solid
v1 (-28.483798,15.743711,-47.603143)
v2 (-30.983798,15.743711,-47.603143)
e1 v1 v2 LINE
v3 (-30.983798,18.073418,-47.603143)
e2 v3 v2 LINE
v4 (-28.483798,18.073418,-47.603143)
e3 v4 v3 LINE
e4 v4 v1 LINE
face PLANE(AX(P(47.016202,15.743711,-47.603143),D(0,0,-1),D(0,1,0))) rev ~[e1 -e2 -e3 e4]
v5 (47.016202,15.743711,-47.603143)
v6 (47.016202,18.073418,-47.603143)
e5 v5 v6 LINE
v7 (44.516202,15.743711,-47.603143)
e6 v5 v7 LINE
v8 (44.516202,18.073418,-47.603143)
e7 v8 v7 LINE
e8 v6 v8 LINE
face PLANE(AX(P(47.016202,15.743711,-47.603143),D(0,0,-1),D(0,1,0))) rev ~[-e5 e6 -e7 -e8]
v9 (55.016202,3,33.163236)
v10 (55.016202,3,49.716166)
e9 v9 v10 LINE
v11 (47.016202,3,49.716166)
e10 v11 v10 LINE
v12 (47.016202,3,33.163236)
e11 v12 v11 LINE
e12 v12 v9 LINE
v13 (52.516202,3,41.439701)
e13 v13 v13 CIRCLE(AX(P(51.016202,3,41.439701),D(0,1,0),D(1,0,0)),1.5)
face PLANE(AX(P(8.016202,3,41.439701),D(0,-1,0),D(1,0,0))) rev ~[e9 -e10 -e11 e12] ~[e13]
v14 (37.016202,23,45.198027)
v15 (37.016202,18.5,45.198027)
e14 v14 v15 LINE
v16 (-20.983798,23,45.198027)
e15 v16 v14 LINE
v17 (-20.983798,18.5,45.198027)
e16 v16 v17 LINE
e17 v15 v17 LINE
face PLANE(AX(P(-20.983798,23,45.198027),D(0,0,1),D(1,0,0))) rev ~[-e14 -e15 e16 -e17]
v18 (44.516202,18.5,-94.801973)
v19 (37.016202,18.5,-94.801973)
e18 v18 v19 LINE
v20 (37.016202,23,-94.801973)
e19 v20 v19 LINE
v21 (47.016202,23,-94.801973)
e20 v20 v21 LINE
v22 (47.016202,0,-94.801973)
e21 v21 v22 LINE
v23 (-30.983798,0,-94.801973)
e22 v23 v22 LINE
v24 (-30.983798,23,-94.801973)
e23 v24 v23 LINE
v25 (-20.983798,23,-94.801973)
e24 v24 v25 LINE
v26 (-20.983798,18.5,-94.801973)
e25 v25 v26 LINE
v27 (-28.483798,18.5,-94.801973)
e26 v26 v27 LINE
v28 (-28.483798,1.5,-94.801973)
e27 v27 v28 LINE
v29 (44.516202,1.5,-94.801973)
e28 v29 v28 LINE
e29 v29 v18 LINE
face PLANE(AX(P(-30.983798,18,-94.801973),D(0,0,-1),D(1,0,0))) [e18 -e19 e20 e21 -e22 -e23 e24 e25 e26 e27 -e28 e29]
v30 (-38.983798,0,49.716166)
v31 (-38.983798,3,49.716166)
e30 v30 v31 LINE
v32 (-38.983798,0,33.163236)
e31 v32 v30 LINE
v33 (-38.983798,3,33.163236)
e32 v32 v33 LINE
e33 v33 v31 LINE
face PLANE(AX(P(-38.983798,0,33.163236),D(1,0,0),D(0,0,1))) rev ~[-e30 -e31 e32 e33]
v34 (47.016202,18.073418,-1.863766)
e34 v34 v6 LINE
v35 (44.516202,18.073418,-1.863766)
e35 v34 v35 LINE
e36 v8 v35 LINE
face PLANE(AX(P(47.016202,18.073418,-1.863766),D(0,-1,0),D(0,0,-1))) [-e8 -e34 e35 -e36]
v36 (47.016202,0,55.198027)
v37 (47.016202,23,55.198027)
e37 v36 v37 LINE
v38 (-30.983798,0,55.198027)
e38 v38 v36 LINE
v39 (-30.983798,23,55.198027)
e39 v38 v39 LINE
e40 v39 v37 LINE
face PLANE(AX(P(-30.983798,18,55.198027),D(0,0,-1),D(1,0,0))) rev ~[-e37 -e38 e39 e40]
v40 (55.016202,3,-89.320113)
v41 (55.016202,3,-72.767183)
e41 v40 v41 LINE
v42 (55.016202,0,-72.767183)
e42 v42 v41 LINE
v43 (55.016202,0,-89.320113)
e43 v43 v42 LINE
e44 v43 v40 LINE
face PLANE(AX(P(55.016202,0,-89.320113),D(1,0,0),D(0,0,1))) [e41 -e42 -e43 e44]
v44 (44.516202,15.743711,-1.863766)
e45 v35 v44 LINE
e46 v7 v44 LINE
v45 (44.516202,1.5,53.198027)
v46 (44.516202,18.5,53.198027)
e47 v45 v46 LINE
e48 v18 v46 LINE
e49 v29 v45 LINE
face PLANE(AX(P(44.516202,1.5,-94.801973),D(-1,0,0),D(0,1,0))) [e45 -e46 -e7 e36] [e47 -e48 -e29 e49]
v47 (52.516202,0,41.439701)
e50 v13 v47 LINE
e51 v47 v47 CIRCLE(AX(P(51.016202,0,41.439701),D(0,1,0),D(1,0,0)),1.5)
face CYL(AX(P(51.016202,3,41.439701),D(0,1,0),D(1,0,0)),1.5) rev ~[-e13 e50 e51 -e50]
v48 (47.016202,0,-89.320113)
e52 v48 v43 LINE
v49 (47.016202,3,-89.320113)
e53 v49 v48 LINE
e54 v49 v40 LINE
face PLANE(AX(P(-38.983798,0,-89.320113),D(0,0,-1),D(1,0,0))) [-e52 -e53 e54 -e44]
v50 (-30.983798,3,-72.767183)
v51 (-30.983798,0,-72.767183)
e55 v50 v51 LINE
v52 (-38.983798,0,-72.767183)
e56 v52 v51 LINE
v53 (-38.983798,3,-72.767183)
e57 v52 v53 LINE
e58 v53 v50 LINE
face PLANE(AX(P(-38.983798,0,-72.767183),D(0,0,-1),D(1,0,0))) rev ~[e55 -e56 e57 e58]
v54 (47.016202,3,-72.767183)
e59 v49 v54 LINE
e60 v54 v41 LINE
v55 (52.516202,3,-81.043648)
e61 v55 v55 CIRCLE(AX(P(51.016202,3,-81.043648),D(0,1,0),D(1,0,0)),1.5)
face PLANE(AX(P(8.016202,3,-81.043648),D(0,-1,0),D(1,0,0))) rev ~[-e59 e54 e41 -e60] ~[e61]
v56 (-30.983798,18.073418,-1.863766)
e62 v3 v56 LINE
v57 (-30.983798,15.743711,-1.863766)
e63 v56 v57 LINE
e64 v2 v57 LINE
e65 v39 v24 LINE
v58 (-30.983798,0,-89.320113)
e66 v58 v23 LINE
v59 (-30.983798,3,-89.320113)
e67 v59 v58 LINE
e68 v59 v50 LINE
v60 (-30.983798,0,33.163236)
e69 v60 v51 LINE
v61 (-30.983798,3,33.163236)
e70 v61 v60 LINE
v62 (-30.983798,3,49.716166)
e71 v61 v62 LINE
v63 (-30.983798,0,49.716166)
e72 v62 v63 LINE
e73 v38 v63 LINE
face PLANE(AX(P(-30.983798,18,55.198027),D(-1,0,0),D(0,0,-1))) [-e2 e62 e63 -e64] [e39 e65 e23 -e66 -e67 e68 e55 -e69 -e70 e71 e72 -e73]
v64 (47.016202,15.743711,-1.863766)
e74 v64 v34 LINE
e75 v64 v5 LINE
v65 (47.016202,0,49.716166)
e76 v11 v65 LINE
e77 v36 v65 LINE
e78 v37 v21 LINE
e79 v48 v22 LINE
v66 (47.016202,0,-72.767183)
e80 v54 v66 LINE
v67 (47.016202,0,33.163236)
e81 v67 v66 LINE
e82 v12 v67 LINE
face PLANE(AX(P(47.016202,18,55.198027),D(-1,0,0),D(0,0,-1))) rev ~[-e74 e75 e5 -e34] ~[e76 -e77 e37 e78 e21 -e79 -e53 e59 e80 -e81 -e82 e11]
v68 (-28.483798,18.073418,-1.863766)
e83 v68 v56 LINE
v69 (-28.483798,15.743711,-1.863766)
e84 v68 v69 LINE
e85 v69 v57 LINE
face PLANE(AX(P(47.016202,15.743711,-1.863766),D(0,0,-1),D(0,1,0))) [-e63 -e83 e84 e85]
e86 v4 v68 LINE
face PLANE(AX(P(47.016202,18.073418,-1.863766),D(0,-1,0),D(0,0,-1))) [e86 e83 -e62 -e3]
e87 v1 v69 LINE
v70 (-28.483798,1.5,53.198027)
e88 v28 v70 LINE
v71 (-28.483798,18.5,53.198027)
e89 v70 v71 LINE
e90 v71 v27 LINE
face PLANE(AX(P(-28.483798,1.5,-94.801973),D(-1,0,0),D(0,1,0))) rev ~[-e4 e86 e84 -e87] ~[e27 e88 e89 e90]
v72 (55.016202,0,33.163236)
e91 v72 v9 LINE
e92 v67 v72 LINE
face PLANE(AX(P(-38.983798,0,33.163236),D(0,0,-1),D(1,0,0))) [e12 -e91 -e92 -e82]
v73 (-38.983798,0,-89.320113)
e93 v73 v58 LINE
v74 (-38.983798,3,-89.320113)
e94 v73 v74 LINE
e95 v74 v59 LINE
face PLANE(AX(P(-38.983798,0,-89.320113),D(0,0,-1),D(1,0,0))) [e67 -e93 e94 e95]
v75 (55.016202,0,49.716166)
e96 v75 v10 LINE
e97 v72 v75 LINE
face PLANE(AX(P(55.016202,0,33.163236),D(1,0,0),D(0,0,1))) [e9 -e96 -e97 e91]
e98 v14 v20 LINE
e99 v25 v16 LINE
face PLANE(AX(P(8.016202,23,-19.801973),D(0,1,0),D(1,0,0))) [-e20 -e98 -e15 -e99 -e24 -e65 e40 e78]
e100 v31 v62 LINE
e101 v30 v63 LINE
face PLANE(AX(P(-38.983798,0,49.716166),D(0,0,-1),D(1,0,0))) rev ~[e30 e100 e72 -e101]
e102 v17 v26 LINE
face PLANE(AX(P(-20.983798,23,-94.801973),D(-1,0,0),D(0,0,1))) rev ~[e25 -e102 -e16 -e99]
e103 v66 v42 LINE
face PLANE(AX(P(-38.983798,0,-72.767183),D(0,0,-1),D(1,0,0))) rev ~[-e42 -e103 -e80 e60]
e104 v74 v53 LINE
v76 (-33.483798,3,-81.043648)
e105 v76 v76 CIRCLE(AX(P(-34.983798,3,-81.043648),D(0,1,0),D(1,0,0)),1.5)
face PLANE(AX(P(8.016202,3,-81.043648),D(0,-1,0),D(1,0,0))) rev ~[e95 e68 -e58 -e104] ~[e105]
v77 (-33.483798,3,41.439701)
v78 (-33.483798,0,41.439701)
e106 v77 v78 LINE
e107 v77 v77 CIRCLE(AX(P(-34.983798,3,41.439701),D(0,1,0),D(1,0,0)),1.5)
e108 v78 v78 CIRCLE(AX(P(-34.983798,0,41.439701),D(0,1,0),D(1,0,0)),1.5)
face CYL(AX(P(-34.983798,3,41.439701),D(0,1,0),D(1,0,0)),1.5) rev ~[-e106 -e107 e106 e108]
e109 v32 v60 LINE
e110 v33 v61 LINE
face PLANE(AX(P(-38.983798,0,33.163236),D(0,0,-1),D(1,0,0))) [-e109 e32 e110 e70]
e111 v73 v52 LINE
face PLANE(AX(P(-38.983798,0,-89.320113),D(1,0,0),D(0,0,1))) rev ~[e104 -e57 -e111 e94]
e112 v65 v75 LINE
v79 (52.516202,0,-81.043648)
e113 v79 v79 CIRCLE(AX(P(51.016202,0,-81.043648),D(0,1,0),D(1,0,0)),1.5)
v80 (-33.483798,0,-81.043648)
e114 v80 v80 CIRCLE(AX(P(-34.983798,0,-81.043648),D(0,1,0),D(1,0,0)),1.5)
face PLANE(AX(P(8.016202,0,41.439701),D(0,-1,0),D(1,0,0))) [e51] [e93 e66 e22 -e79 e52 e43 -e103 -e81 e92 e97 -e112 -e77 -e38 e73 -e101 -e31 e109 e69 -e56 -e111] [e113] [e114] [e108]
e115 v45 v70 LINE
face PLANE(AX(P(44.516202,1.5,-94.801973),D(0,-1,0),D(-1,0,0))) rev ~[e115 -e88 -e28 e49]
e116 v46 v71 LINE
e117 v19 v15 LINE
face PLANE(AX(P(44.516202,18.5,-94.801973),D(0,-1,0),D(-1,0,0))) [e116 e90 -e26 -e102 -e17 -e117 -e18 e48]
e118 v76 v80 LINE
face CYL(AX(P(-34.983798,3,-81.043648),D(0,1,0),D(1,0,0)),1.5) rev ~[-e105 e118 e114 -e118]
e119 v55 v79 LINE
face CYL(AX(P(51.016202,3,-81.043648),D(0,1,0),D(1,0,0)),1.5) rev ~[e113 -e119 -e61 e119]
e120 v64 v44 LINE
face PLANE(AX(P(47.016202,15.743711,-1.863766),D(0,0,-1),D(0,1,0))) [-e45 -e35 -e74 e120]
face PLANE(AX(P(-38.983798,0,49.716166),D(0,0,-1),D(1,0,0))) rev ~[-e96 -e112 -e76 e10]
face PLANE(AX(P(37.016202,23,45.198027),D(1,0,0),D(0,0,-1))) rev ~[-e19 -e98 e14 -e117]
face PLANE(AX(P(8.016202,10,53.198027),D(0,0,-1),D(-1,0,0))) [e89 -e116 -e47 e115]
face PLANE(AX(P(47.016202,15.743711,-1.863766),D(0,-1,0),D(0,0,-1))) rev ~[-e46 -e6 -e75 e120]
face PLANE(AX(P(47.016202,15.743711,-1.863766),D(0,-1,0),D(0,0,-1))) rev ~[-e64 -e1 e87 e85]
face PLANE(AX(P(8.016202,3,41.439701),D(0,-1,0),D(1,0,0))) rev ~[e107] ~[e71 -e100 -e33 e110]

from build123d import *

# Parameters (mm, degrees)
IZIM1_W                     = 78
IZIM1_H                     = 150
Y_KSEKLIK_EKSTR_ZYON1_DEPTH = 18
IZIM2_W                     = 73
IZIM2_H                     = 17
KES_EKSTR_ZYON1_DEPTH       = 143
IZIM3_W                     = 78
IZIM3_H                     = 150
Y_KSEKLIK_EKSTR_ZYON2_DEPTH = 5
IZIM4_W                     = 73
IZIM4_H                     = 17
KES_EKSTR_ZYON2_DEPTH       = 148
IZIM6_W                     = 58
IZIM6_H                     = 130
IZIM6_H_2                   = 10
KES_EKSTR_ZYON3_DEPTH       = 10
IZIM7_W                     = 45.739377618
IZIM7_H                     = 2.329706958
KES_EKSTR_ZYON5_DEPTH       = 147
IZIM8_W                     = 94
IZIM8_H                     = 16.552930253
Y_KSEKLIK_EKSTR_ZYON4_DEPTH = 3
IZIM10_W                    = 73
IZIM10_H                    = 17
KES_EKSTR_ZYON7_DEPTH       = 146
IZIM11_R                    = 1.5
KES_EKSTR_ZYON8_DEPTH       = 146


with BuildPart() as part:
    # Çizim1 → Yükseklik-Ekstrüzyon1 (new body)
    with BuildSketch(Plane(origin=(0, 0, 0), x_dir=(1, 0, 0), z_dir=(0, 1, 0))):
        with Locations((8.016202101, 19.801973492)):
            Rectangle(IZIM1_W, IZIM1_H)
    extrude(amount=Y_KSEKLIK_EKSTR_ZYON1_DEPTH)

    # Çizim2 → Kes-Ekstrüzyon1 (cut)
    with BuildSketch(Plane(origin=(0, 0, -94.801973492), x_dir=(-1, 0, 0), z_dir=(0, 0, -1))):
        with Locations((-8.016202101, 10)):
            Rectangle(IZIM2_W, IZIM2_H)
    extrude(amount=-KES_EKSTR_ZYON1_DEPTH, mode=Mode.SUBTRACT)

    # Çizim3 → Yükseklik-Ekstrüzyon2 (add)
    with BuildSketch(Plane(origin=(0, 18, 0), x_dir=(1, 0, 0), z_dir=(0, 1, 0))):
        with Locations((8.016202101, 19.801973492)):
            Rectangle(IZIM3_W, IZIM3_H)
    extrude(amount=Y_KSEKLIK_EKSTR_ZYON2_DEPTH)

    # Çizim4 → Kes-Ekstrüzyon2 (cut)
    with BuildSketch(Plane(origin=(0, 0, -94.801973492), x_dir=(-1, 0, 0), z_dir=(0, 0, -1))):
        with Locations((-8.016202101, 10)):
            Rectangle(IZIM4_W, IZIM4_H)
    extrude(amount=-KES_EKSTR_ZYON2_DEPTH, mode=Mode.SUBTRACT)

    # Çizim6 → Kes-Ekstrüzyon3 (cut)
    with BuildSketch(Plane(origin=(0, 23, 0), x_dir=(1, 0, 0), z_dir=(0, 1, 0))):
        with Locations((8.016202101, 19.801973492)):
            Rectangle(IZIM6_W, IZIM6_H)
        with Locations((8.016202101, 89.801973492)):
            Rectangle(IZIM6_W, IZIM6_H_2)
    extrude(amount=-KES_EKSTR_ZYON3_DEPTH, mode=Mode.SUBTRACT)

    # Çizim7 → Kes-Ekstrüzyon5 (cut)
    with BuildSketch(Plane(origin=(47.016202101, 0, 0), x_dir=(0, 0, -1), z_dir=(1, 0, 0))):
        with Locations((24.733454375, 16.908564322)):
            Rectangle(IZIM7_W, IZIM7_H)
    extrude(amount=-KES_EKSTR_ZYON5_DEPTH, mode=Mode.SUBTRACT)

    # Çizim8 → Yükseklik-Ekstrüzyon4 (add)
    with BuildSketch(Plane.XZ):
        with Locations((8.016202101, 41.439700866)):
            Rectangle(IZIM8_W, IZIM8_H)
        with Locations((8.016202101, -81.04364785)):
            Rectangle(IZIM8_W, IZIM8_H)
    extrude(amount=-Y_KSEKLIK_EKSTR_ZYON4_DEPTH)

    # Çizim10 → Kes-Ekstrüzyon7 (cut)
    with BuildSketch(Plane(origin=(0, 0, -94.801973492), x_dir=(-1, 0, 0), z_dir=(0, 0, -1))):
        with Locations((-8.016202101, 10)):
            Rectangle(IZIM10_W, IZIM10_H)
    extrude(amount=-KES_EKSTR_ZYON7_DEPTH, mode=Mode.SUBTRACT)

    # Çizim11 → Kes-Ekstrüzyon8 (cut)
    with BuildSketch(Plane(origin=(0, 3, 0), x_dir=(1, 0, 0), z_dir=(0, 1, 0))):
        with Locations((-34.983797899, -41.439700866)):
            Circle(IZIM11_R)
        with Locations((51.016202101, -41.439700866)):
            Circle(IZIM11_R)
        with Locations((51.016202101, 81.043647849)):
            Circle(IZIM11_R)
        with Locations((-34.983797899, 81.043647849)):
            Circle(IZIM11_R)
    extrude(amount=-KES_EKSTR_ZYON8_DEPTH, mode=Mode.SUBTRACT)


solid = part.part
